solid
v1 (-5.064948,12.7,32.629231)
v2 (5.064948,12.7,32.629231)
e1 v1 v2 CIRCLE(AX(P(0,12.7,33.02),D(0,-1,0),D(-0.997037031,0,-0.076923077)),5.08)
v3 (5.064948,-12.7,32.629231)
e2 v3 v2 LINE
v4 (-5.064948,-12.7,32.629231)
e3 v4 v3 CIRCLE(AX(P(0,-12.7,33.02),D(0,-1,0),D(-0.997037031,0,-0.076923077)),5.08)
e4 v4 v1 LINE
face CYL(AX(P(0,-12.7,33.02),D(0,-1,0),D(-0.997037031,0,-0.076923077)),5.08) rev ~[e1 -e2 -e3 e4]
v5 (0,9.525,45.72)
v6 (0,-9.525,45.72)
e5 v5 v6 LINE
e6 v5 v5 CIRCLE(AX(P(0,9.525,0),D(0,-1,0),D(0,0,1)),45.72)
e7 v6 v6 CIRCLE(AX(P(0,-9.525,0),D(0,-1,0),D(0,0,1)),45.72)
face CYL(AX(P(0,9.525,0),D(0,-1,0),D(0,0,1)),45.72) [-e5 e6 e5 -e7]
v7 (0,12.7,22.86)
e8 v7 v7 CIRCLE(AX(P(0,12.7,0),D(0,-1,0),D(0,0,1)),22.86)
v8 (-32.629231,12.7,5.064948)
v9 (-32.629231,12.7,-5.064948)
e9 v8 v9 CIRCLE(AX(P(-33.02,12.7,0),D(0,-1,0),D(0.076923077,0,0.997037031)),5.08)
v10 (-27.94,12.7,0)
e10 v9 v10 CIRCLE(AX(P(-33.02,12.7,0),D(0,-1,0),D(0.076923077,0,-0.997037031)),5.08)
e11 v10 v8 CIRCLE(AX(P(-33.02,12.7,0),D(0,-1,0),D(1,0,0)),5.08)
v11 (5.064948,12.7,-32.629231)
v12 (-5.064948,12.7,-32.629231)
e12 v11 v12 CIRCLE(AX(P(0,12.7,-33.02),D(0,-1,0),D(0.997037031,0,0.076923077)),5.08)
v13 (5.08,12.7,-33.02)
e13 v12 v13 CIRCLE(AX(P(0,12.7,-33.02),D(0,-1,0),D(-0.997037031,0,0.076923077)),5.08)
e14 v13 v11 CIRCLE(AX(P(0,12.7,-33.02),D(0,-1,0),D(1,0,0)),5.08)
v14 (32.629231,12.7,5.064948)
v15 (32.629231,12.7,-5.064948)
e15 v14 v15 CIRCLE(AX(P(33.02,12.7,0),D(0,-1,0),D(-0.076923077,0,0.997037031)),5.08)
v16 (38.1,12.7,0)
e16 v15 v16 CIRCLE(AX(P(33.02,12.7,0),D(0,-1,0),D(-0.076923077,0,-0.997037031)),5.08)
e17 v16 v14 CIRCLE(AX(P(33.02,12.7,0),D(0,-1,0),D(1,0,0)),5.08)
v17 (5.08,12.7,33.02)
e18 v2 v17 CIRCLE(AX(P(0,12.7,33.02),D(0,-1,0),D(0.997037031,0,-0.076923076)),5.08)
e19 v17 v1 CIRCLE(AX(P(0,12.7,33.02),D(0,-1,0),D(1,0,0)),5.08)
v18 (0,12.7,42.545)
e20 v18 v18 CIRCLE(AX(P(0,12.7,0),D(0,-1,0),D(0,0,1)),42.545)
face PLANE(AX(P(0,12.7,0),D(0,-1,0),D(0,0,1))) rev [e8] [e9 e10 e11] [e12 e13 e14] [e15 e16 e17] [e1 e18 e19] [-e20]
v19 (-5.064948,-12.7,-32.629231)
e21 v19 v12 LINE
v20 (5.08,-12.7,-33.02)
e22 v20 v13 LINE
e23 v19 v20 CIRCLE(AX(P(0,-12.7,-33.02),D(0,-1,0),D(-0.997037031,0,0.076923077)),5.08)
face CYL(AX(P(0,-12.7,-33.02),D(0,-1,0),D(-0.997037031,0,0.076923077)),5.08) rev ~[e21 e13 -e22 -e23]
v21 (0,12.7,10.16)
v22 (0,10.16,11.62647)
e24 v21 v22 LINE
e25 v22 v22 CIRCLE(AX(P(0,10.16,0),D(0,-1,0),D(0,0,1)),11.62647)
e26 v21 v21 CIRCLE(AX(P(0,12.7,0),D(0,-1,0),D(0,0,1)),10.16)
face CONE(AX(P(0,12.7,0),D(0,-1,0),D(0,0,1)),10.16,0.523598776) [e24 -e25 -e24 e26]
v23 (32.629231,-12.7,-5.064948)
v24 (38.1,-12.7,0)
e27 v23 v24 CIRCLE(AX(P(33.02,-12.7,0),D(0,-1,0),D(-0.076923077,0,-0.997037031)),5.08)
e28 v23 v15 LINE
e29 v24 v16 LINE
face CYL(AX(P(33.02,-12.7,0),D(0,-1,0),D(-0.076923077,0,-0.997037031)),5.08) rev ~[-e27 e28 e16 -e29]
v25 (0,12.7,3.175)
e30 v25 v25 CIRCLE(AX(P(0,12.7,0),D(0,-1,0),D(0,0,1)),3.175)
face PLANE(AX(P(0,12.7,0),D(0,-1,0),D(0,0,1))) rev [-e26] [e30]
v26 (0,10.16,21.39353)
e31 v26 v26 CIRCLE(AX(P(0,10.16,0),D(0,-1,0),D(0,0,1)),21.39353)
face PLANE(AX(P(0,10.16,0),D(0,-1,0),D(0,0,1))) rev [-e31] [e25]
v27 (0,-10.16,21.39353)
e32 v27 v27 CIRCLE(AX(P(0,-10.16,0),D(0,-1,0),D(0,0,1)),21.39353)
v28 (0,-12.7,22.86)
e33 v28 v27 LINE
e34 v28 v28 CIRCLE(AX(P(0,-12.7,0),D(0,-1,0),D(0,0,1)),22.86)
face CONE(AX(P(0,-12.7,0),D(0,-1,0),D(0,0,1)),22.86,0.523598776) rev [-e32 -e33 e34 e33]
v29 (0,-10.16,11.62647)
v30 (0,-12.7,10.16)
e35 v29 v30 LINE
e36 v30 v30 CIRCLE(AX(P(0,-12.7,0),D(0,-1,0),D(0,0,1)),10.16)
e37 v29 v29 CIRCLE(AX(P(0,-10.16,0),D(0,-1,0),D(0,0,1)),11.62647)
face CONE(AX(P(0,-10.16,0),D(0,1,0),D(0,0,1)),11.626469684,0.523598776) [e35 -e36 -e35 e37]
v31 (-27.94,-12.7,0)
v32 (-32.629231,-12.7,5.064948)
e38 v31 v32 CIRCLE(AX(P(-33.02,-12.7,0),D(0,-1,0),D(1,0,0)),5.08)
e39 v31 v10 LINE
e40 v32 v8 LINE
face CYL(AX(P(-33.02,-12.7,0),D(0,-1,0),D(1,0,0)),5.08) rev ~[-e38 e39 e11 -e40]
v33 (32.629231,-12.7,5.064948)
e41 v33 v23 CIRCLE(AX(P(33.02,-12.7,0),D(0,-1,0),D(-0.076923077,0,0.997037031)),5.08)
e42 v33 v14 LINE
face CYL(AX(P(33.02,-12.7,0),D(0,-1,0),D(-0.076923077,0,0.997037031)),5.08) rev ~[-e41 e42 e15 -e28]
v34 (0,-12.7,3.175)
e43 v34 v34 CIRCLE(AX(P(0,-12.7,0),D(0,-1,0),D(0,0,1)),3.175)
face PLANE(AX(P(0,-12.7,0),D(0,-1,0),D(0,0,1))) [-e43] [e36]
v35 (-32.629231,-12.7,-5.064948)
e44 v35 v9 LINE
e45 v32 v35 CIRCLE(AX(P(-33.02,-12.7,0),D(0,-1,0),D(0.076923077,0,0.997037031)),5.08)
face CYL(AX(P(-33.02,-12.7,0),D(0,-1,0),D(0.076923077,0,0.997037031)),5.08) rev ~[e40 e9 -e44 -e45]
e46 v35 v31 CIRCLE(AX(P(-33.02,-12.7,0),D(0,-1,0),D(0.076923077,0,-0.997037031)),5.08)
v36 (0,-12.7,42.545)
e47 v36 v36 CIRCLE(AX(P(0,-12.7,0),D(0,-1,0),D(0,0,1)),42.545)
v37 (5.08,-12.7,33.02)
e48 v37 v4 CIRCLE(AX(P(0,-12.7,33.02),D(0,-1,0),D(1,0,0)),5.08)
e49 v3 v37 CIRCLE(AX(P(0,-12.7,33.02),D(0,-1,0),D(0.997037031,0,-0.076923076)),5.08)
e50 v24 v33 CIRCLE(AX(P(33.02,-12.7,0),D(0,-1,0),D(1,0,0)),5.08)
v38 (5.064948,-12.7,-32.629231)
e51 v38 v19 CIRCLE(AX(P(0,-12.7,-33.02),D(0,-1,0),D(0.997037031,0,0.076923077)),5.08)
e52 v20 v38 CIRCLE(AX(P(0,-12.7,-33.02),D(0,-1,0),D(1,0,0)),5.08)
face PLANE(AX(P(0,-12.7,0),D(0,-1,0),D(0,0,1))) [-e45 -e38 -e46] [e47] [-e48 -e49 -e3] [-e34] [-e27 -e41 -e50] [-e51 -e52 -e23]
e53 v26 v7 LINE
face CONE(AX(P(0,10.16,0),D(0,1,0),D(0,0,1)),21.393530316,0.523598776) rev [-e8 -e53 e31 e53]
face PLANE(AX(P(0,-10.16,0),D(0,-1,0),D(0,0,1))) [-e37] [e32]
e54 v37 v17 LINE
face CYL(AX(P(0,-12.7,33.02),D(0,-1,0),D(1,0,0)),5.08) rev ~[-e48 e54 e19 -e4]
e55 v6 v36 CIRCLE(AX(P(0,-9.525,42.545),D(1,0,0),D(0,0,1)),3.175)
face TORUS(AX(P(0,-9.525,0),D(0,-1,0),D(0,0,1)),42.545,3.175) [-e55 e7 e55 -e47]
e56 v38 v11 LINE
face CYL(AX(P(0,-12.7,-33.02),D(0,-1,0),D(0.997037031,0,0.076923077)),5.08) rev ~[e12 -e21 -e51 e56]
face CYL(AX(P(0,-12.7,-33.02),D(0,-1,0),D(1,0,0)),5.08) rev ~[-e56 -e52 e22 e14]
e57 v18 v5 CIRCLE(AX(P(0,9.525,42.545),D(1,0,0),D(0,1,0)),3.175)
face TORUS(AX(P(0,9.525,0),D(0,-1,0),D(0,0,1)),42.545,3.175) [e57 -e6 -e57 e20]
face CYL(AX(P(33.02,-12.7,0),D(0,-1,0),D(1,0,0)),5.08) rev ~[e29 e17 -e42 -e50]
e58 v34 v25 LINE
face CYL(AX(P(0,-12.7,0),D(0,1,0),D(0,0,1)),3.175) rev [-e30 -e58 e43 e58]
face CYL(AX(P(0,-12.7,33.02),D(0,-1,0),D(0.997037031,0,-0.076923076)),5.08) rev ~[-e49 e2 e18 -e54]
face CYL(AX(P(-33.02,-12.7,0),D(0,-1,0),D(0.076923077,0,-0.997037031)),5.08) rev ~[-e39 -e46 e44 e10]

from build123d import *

# Parameters (mm, degrees)
F5_DEPTH      = 25.401
F5_DEPTH_BACK = 25.4


with BuildPart() as f1:
    # F0 (on Right) → F1 (revolve)
    with BuildSketch(Plane.YZ):
        with BuildLine():
            Line((-12.7, 3.175), (12.7, 3.175))
            Line((12.7, 3.175), (12.7, 10.16))
            Line((12.7, 10.16), (10.16, 11.6264696837))
            Line((10.16, 11.6264696837), (10.16, 21.3935303163))
            Line((10.16, 21.3935303163), (12.7, 22.86))
            Line((12.7, 22.86), (12.7, 42.545))
            ThreePointArc((12.7, 42.545), (11.7700640303, 44.7900640303), (9.525, 45.72))
            Line((9.525, 45.72), (-9.525, 45.72))
            ThreePointArc((-9.525, 45.72), (-11.7700640303, 44.7900640303), (-12.7, 42.545))
            Line((-12.7, 42.545), (-12.7, 22.86))
            Line((-12.7, 22.86), (-10.16, 21.3935303163))
            Line((-10.16, 21.3935303163), (-10.16, 11.6264696837))
            Line((-10.16, 11.6264696837), (-12.7, 10.16))
            Line((-12.7, 10.16), (-12.7, 3.175))
        make_face()
    revolve(axis=Axis((0, -22.9387803917, 0), (0, -1, 0)))


with BuildPart() as f2_1:
    # F2: copy of F1
    add(f1.part)

    # F4 (on face) → F5 (cut, two sides)
    with BuildSketch(Plane.XZ.offset(12.7)) as f5_sk:
        with BuildLine():
            ThreePointArc((-5.0649481151, 32.6292307692), (0, 27.94), (5.0649481151, 32.6292307692))
            ThreePointArc((5.0649481151, 32.6292307692), (0, 33.02), (-5.0649481151, 32.6292307692))
        make_face()
        with BuildLine():
            ThreePointArc((-5.0649481151, 32.6292307692), (0, 33.02), (5.0649481151, 32.6292307692))
            ThreePointArc((5.0649481151, 32.6292307692), (5.076235634, 32.8244704939), (5.08, 33.02))
            ThreePointArc((5.08, 33.02), (-0.1955295061, 38.096235634), (-5.0649481151, 32.6292307692))
        make_face()
        with BuildLine():
            ThreePointArc((32.6292307692, -5.0649481151), (32.9221627479, -2.54), (33.02, 0))
            ThreePointArc((33.02, 0), (32.9221627479, 2.54), (32.6292307692, 5.0649481151))
            ThreePointArc((32.6292307692, 5.0649481151), (27.94, 0), (32.6292307692, -5.0649481151))
        make_face()
        with BuildLine():
            ThreePointArc((32.6292307692, 5.0649481151), (32.9221627479, 2.54), (33.02, 0))
            ThreePointArc((33.02, 0), (32.9221627479, -2.54), (32.6292307692, -5.0649481151))
            ThreePointArc((32.6292307692, -5.0649481151), (36.4711804001, -3.7277008794), (38.1, 0))
            ThreePointArc((38.1, 0), (36.4711804001, 3.7277008794), (32.6292307692, 5.0649481151))
        make_face()
        with BuildLine():
            ThreePointArc((-5.0649481151, -32.6292307692), (0, -33.02), (5.0649481151, -32.6292307692))
            ThreePointArc((5.0649481151, -32.6292307692), (0, -27.94), (-5.0649481151, -32.6292307692))
        make_face()
        with BuildLine():
            ThreePointArc((5.08, -33.02), (5.076235634, -32.8244704939), (5.0649481151, -32.6292307692))
            ThreePointArc((5.0649481151, -32.6292307692), (0, -33.02), (-5.0649481151, -32.6292307692))
            ThreePointArc((-5.0649481151, -32.6292307692), (-0.1955295061, -38.096235634), (5.08, -33.02))
        make_face()
        with BuildLine():
            ThreePointArc((-27.94, 0), (-29.2922991206, 3.4511804001), (-32.6292307692, 5.0649481151))
            ThreePointArc((-32.6292307692, 5.0649481151), (-33.02, 0), (-32.6292307692, -5.0649481151))
            ThreePointArc((-32.6292307692, -5.0649481151), (-29.2922991206, -3.4511804001), (-27.94, 0))
        make_face()
        with BuildLine():
            ThreePointArc((-32.6292307692, -5.0649481151), (-33.02, 0), (-32.6292307692, 5.0649481151))
            ThreePointArc((-32.6292307692, 5.0649481151), (-38.1, 0), (-32.6292307692, -5.0649481151))
        make_face()
    extrude(amount=-F5_DEPTH, mode=Mode.SUBTRACT)
    extrude(f5_sk.sketch, amount=F5_DEPTH_BACK, mode=Mode.SUBTRACT)


solid = f2_1.part
